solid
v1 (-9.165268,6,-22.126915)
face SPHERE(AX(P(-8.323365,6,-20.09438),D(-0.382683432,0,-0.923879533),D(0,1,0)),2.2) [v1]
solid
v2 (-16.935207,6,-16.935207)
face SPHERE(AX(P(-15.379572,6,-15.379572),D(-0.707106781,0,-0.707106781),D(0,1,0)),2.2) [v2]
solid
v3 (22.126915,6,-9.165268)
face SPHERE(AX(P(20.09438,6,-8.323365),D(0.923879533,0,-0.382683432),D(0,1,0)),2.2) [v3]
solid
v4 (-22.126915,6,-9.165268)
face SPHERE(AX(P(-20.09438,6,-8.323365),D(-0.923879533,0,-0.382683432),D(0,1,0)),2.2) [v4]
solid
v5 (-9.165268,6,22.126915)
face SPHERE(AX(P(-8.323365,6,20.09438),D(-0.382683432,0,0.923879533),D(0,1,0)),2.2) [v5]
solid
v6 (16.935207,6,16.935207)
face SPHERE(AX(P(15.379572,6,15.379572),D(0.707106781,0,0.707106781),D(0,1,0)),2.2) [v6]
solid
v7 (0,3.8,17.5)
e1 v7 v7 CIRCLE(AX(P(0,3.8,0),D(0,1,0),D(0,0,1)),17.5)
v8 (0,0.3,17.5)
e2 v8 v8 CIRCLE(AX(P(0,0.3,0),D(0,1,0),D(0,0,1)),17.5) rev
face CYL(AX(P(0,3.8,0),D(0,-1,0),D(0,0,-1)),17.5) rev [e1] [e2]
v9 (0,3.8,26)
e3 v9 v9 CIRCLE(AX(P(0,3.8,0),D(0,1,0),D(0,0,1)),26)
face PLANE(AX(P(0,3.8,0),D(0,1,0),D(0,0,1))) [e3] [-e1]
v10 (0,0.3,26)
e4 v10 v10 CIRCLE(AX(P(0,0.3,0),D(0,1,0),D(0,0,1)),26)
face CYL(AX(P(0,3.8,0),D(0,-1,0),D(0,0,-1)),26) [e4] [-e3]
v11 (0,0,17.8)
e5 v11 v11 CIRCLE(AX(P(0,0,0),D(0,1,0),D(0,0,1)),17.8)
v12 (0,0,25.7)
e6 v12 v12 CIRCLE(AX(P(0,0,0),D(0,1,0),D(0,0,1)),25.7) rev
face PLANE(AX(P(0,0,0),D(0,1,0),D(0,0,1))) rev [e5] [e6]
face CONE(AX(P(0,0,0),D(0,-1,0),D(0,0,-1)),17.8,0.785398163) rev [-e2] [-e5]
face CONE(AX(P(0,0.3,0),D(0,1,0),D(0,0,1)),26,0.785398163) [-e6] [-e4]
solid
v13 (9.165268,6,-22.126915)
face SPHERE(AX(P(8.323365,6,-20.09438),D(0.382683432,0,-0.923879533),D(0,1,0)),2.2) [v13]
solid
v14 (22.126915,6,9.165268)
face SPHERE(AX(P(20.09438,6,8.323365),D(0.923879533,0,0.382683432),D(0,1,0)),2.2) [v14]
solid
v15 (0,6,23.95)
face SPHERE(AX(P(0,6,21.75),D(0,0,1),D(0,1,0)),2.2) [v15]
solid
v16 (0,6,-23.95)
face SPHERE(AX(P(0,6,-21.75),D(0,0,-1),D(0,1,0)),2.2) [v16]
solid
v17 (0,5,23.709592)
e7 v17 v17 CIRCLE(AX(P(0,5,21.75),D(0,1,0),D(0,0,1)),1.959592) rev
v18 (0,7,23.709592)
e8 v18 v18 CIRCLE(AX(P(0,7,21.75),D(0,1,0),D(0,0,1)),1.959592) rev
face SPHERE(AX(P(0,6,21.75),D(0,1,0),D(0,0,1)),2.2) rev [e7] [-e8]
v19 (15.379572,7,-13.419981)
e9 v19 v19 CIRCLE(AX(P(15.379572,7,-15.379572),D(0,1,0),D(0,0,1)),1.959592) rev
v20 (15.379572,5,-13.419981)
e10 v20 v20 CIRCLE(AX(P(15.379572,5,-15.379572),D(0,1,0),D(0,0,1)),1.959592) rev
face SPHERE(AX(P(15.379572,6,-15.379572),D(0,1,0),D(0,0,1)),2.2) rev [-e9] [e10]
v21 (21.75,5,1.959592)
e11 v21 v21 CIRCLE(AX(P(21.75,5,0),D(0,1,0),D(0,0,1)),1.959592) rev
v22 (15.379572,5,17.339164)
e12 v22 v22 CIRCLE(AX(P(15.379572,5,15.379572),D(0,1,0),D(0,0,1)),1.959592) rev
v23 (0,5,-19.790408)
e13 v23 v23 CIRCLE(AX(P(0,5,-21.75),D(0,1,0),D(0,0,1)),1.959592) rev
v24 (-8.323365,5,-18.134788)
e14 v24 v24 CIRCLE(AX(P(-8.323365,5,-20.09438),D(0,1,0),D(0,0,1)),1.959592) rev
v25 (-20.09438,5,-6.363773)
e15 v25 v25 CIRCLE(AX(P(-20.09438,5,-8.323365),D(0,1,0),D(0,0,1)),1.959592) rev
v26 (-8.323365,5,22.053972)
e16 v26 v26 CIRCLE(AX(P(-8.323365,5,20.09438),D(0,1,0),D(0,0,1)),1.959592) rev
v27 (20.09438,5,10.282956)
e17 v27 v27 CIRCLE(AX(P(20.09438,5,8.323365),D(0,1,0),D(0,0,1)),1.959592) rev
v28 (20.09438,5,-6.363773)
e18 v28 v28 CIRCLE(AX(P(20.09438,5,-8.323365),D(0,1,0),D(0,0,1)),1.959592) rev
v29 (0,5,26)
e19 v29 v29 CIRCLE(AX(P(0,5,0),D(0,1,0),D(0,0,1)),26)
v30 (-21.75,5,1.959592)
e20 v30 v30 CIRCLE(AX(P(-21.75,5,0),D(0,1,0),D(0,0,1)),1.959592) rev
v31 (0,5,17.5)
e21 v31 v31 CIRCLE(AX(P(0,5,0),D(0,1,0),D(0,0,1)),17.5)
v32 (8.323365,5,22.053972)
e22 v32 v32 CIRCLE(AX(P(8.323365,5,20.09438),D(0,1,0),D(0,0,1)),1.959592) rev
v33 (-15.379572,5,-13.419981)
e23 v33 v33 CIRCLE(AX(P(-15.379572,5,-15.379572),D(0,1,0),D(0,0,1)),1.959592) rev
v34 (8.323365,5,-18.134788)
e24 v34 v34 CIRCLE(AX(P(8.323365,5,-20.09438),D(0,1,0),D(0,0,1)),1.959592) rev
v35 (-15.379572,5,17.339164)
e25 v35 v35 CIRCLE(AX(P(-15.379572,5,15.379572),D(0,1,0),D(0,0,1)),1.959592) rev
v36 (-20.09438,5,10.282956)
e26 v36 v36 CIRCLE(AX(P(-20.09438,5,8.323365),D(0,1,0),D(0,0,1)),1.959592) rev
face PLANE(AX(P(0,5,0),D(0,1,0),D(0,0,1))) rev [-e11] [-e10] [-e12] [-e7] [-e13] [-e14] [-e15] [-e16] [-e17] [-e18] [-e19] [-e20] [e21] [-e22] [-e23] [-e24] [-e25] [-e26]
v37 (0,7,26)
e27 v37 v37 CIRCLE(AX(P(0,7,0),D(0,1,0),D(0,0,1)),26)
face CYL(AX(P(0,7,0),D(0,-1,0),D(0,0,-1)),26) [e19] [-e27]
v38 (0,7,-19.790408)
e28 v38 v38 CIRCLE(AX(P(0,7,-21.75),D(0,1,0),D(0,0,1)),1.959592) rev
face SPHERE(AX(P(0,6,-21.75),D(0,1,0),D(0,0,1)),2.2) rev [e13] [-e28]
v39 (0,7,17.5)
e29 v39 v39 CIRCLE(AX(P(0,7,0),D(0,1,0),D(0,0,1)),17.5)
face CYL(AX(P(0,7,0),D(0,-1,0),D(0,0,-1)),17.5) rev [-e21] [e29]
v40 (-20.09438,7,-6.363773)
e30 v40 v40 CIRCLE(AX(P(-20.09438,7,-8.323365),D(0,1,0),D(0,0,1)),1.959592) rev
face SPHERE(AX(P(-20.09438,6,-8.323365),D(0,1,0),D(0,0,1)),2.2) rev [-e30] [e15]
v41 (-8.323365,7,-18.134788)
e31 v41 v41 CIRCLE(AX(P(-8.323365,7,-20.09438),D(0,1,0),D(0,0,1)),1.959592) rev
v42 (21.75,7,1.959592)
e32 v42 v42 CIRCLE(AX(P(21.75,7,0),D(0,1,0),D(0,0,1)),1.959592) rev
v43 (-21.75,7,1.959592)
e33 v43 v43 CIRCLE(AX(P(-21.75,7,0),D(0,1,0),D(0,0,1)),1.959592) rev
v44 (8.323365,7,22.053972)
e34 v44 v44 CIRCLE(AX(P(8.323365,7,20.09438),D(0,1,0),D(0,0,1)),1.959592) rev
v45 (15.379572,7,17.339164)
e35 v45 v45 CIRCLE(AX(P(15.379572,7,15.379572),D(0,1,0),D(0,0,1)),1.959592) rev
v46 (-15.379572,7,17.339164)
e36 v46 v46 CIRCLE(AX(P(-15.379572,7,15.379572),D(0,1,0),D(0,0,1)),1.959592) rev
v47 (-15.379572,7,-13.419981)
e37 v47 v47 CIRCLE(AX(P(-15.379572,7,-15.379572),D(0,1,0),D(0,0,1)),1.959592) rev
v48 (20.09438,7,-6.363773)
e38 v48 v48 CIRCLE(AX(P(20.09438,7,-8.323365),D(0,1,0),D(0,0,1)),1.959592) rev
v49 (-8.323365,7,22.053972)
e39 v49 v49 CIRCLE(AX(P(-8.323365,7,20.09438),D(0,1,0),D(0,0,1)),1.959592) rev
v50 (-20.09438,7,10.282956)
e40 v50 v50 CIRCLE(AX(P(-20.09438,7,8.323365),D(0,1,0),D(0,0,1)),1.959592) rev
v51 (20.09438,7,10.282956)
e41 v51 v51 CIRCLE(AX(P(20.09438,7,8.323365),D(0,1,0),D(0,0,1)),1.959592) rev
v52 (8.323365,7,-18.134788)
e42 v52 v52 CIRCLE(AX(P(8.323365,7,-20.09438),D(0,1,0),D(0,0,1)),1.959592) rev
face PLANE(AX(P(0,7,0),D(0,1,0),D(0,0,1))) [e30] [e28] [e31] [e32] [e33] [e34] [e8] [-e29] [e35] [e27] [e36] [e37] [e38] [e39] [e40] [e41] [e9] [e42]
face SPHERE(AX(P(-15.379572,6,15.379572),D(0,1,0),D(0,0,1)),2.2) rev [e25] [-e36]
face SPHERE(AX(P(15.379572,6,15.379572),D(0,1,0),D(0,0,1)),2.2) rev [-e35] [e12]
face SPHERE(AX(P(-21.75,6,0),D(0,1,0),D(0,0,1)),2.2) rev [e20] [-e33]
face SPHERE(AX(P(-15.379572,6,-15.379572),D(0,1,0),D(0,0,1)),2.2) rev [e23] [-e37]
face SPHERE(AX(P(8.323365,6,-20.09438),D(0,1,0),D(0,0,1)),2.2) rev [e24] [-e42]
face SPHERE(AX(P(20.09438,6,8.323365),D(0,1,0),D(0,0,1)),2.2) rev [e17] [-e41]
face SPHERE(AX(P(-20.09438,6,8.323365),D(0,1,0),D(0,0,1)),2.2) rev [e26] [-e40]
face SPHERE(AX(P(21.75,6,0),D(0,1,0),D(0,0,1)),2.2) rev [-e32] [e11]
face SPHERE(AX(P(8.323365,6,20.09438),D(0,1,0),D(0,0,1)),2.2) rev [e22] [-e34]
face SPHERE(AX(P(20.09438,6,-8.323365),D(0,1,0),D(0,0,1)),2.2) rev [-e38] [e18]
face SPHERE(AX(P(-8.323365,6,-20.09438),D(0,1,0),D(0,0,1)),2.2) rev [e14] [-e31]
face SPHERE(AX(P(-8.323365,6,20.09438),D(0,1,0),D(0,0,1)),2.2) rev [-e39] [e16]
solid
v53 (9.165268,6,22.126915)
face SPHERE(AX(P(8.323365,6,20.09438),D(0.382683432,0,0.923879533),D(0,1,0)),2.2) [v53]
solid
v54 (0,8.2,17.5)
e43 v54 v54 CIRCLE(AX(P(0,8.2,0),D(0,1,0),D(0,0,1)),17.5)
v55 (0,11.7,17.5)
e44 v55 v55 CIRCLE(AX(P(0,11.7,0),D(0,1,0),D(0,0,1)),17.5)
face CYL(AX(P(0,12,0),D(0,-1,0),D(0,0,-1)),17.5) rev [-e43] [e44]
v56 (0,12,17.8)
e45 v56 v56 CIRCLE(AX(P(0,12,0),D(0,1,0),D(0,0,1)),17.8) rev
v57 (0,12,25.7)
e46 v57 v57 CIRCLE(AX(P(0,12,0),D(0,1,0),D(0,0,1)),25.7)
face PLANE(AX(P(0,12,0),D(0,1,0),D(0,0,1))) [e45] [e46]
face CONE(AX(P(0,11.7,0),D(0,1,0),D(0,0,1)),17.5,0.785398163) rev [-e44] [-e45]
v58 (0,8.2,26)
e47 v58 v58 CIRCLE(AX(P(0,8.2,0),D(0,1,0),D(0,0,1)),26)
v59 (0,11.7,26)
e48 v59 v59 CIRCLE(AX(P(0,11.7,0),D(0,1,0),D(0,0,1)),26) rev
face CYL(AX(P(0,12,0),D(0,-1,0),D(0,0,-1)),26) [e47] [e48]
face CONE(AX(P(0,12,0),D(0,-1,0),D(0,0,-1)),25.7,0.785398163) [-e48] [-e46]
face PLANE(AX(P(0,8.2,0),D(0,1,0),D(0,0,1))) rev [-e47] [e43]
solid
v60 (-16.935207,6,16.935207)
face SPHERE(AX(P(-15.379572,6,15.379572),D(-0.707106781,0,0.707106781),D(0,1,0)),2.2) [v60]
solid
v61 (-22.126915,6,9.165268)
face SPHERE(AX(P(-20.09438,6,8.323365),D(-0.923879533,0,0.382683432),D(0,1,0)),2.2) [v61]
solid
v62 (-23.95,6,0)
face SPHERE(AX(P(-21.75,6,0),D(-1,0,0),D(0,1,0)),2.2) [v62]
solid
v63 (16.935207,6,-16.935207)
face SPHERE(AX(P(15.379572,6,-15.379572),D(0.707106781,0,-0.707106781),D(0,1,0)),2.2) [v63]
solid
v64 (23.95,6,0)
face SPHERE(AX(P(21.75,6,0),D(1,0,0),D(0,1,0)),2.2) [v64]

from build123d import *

# Parameters (mm, degrees)
SKETCH1_R           = 26
SKETCH1_R_2         = 17.5
BOSS_EXTRUDE1_DEPTH = 3.8
SKETCH2_R           = 26
SKETCH2_R_2         = 17.5
BOSS_EXTRUDE2_DEPTH = 2
SKETCH3_R           = 26
SKETCH3_R_2         = 17.5
BOSS_EXTRUDE3_DEPTH = 3.8
CIRPATTERN2_COUNT   = 16
CIRPATTERN3_COUNT   = 16
CHAMFER1_SIZE       = 0.3
CHAMFER2_SIZE       = 0.3


with BuildPart() as part:
    # Sketch1 → Boss-Extrude1 (new body)
    with BuildSketch(Plane(origin=(0, 0, 0), x_dir=(1, 0, 0), z_dir=(0, 1, 0))):
        Circle(SKETCH1_R)
        Circle(SKETCH1_R_2, mode=Mode.SUBTRACT)
    extrude(amount=BOSS_EXTRUDE1_DEPTH)

    # Chamfer1
    chamfer1_edges = [part.edges().sort_by_distance(p)[0] for p in [
        (-26, 0, 0),
        (-17.5, 0, 0),
    ]]
    chamfer(chamfer1_edges, length=CHAMFER1_SIZE)


with BuildPart() as body_2:
    # Sketch2 → Boss-Extrude2 (new body)
    with BuildSketch(Plane(origin=(0, 5, 0), x_dir=(1, 0, 0), z_dir=(0, 1, 0))):
        Circle(SKETCH2_R)
        Circle(SKETCH2_R_2, mode=Mode.SUBTRACT)
    extrude(amount=BOSS_EXTRUDE2_DEPTH)

    # Sketch4 → Cut-Revolve1 (revolve, cut)
    with BuildSketch(Plane.XY):
        with BuildLine():
            Line((-23.95, 6), (-19.55, 6))
            ThreePointArc((-19.55, 6), (-21.75, 8.2), (-23.95, 6))
        make_face()
    cut_revolve1 = revolve(axis=Axis((-23.95, 6, 0), (1, 0, 0)), mode=Mode.SUBTRACT)

    # CirPattern2: Cut-Revolve1 ×16 about axis
    cirpattern2_axis = Axis((0, 0, 0), (0, -1, 0))
    for i in range(1, CIRPATTERN2_COUNT):
        add(cut_revolve1.rotate(cirpattern2_axis, i * 360 / CIRPATTERN2_COUNT), mode=Mode.SUBTRACT)


with BuildPart() as body_3:
    # Sketch3 → Boss-Extrude3 (new body)
    with BuildSketch(Plane(origin=(0, 8.2, 0), x_dir=(1, 0, 0), z_dir=(0, 1, 0))):
        Circle(SKETCH3_R)
        Circle(SKETCH3_R_2, mode=Mode.SUBTRACT)
    extrude(amount=BOSS_EXTRUDE3_DEPTH)

    # Chamfer2
    chamfer2_edges = [body_3.edges().sort_by_distance(p)[0] for p in [
        (-26, 12, 0),
        (-17.5, 12, 0),
    ]]
    chamfer(chamfer2_edges, length=CHAMFER2_SIZE)


with BuildPart() as body_4:
    # Sketch4_2 → Revolve1 (revolve)
    with BuildSketch(Plane.XY):
        with BuildLine():
            Line((-23.95, 6), (-19.55, 6))
            ThreePointArc((-19.55, 6), (-21.75, 8.2), (-23.95, 6))
        make_face()
    revolve(axis=Axis((-23.95, 6, 0), (1, 0, 0)))


with BuildPart() as cirpattern3_1:
    # CirPattern3: pattern copy
    add(body_4.part.rotate(Axis((0, 0, 0), (0, -1, 0)), 1 * 360 / CIRPATTERN3_COUNT))


with BuildPart() as cirpattern3_2:
    # CirPattern3: pattern copy
    add(body_4.part.rotate(Axis((0, 0, 0), (0, -1, 0)), 2 * 360 / CIRPATTERN3_COUNT))


with BuildPart() as cirpattern3_3:
    # CirPattern3: pattern copy
    add(body_4.part.rotate(Axis((0, 0, 0), (0, -1, 0)), 3 * 360 / CIRPATTERN3_COUNT))


with BuildPart() as cirpattern3_4:
    # CirPattern3: pattern copy
    add(body_4.part.rotate(Axis((0, 0, 0), (0, -1, 0)), 4 * 360 / CIRPATTERN3_COUNT))


with BuildPart() as cirpattern3_5:
    # CirPattern3: pattern copy
    add(body_4.part.rotate(Axis((0, 0, 0), (0, -1, 0)), 5 * 360 / CIRPATTERN3_COUNT))


with BuildPart() as cirpattern3_6:
    # CirPattern3: pattern copy
    add(body_4.part.rotate(Axis((0, 0, 0), (0, -1, 0)), 6 * 360 / CIRPATTERN3_COUNT))


with BuildPart() as cirpattern3_7:
    # CirPattern3: pattern copy
    add(body_4.part.rotate(Axis((0, 0, 0), (0, -1, 0)), 7 * 360 / CIRPATTERN3_COUNT))


with BuildPart() as cirpattern3_8:
    # CirPattern3: pattern copy
    add(body_4.part.rotate(Axis((0, 0, 0), (0, -1, 0)), 8 * 360 / CIRPATTERN3_COUNT))


with BuildPart() as cirpattern3_9:
    # CirPattern3: pattern copy
    add(body_4.part.rotate(Axis((0, 0, 0), (0, -1, 0)), 9 * 360 / CIRPATTERN3_COUNT))


with BuildPart() as cirpattern3_10:
    # CirPattern3: pattern copy
    add(body_4.part.rotate(Axis((0, 0, 0), (0, -1, 0)), 10 * 360 / CIRPATTERN3_COUNT))


with BuildPart() as cirpattern3_11:
    # CirPattern3: pattern copy
    add(body_4.part.rotate(Axis((0, 0, 0), (0, -1, 0)), 11 * 360 / CIRPATTERN3_COUNT))


with BuildPart() as cirpattern3_12:
    # CirPattern3: pattern copy
    add(body_4.part.rotate(Axis((0, 0, 0), (0, -1, 0)), 12 * 360 / CIRPATTERN3_COUNT))


with BuildPart() as cirpattern3_13:
    # CirPattern3: pattern copy
    add(body_4.part.rotate(Axis((0, 0, 0), (0, -1, 0)), 13 * 360 / CIRPATTERN3_COUNT))


with BuildPart() as cirpattern3_14:
    # CirPattern3: pattern copy
    add(body_4.part.rotate(Axis((0, 0, 0), (0, -1, 0)), 14 * 360 / CIRPATTERN3_COUNT))


with BuildPart() as cirpattern3_15:
    # CirPattern3: pattern copy
    add(body_4.part.rotate(Axis((0, 0, 0), (0, -1, 0)), 15 * 360 / CIRPATTERN3_COUNT))


solid = Compound([part.part, body_2.part, body_3.part, body_4.part, cirpattern3_1.part, cirpattern3_2.part, cirpattern3_3.part, cirpattern3_4.part, cirpattern3_5.part, cirpattern3_6.part, cirpattern3_7.part, cirpattern3_8.part, cirpattern3_9.part, cirpattern3_10.part, cirpattern3_11.part, cirpattern3_12.part, cirpattern3_13.part, cirpattern3_14.part, cirpattern3_15.part])
